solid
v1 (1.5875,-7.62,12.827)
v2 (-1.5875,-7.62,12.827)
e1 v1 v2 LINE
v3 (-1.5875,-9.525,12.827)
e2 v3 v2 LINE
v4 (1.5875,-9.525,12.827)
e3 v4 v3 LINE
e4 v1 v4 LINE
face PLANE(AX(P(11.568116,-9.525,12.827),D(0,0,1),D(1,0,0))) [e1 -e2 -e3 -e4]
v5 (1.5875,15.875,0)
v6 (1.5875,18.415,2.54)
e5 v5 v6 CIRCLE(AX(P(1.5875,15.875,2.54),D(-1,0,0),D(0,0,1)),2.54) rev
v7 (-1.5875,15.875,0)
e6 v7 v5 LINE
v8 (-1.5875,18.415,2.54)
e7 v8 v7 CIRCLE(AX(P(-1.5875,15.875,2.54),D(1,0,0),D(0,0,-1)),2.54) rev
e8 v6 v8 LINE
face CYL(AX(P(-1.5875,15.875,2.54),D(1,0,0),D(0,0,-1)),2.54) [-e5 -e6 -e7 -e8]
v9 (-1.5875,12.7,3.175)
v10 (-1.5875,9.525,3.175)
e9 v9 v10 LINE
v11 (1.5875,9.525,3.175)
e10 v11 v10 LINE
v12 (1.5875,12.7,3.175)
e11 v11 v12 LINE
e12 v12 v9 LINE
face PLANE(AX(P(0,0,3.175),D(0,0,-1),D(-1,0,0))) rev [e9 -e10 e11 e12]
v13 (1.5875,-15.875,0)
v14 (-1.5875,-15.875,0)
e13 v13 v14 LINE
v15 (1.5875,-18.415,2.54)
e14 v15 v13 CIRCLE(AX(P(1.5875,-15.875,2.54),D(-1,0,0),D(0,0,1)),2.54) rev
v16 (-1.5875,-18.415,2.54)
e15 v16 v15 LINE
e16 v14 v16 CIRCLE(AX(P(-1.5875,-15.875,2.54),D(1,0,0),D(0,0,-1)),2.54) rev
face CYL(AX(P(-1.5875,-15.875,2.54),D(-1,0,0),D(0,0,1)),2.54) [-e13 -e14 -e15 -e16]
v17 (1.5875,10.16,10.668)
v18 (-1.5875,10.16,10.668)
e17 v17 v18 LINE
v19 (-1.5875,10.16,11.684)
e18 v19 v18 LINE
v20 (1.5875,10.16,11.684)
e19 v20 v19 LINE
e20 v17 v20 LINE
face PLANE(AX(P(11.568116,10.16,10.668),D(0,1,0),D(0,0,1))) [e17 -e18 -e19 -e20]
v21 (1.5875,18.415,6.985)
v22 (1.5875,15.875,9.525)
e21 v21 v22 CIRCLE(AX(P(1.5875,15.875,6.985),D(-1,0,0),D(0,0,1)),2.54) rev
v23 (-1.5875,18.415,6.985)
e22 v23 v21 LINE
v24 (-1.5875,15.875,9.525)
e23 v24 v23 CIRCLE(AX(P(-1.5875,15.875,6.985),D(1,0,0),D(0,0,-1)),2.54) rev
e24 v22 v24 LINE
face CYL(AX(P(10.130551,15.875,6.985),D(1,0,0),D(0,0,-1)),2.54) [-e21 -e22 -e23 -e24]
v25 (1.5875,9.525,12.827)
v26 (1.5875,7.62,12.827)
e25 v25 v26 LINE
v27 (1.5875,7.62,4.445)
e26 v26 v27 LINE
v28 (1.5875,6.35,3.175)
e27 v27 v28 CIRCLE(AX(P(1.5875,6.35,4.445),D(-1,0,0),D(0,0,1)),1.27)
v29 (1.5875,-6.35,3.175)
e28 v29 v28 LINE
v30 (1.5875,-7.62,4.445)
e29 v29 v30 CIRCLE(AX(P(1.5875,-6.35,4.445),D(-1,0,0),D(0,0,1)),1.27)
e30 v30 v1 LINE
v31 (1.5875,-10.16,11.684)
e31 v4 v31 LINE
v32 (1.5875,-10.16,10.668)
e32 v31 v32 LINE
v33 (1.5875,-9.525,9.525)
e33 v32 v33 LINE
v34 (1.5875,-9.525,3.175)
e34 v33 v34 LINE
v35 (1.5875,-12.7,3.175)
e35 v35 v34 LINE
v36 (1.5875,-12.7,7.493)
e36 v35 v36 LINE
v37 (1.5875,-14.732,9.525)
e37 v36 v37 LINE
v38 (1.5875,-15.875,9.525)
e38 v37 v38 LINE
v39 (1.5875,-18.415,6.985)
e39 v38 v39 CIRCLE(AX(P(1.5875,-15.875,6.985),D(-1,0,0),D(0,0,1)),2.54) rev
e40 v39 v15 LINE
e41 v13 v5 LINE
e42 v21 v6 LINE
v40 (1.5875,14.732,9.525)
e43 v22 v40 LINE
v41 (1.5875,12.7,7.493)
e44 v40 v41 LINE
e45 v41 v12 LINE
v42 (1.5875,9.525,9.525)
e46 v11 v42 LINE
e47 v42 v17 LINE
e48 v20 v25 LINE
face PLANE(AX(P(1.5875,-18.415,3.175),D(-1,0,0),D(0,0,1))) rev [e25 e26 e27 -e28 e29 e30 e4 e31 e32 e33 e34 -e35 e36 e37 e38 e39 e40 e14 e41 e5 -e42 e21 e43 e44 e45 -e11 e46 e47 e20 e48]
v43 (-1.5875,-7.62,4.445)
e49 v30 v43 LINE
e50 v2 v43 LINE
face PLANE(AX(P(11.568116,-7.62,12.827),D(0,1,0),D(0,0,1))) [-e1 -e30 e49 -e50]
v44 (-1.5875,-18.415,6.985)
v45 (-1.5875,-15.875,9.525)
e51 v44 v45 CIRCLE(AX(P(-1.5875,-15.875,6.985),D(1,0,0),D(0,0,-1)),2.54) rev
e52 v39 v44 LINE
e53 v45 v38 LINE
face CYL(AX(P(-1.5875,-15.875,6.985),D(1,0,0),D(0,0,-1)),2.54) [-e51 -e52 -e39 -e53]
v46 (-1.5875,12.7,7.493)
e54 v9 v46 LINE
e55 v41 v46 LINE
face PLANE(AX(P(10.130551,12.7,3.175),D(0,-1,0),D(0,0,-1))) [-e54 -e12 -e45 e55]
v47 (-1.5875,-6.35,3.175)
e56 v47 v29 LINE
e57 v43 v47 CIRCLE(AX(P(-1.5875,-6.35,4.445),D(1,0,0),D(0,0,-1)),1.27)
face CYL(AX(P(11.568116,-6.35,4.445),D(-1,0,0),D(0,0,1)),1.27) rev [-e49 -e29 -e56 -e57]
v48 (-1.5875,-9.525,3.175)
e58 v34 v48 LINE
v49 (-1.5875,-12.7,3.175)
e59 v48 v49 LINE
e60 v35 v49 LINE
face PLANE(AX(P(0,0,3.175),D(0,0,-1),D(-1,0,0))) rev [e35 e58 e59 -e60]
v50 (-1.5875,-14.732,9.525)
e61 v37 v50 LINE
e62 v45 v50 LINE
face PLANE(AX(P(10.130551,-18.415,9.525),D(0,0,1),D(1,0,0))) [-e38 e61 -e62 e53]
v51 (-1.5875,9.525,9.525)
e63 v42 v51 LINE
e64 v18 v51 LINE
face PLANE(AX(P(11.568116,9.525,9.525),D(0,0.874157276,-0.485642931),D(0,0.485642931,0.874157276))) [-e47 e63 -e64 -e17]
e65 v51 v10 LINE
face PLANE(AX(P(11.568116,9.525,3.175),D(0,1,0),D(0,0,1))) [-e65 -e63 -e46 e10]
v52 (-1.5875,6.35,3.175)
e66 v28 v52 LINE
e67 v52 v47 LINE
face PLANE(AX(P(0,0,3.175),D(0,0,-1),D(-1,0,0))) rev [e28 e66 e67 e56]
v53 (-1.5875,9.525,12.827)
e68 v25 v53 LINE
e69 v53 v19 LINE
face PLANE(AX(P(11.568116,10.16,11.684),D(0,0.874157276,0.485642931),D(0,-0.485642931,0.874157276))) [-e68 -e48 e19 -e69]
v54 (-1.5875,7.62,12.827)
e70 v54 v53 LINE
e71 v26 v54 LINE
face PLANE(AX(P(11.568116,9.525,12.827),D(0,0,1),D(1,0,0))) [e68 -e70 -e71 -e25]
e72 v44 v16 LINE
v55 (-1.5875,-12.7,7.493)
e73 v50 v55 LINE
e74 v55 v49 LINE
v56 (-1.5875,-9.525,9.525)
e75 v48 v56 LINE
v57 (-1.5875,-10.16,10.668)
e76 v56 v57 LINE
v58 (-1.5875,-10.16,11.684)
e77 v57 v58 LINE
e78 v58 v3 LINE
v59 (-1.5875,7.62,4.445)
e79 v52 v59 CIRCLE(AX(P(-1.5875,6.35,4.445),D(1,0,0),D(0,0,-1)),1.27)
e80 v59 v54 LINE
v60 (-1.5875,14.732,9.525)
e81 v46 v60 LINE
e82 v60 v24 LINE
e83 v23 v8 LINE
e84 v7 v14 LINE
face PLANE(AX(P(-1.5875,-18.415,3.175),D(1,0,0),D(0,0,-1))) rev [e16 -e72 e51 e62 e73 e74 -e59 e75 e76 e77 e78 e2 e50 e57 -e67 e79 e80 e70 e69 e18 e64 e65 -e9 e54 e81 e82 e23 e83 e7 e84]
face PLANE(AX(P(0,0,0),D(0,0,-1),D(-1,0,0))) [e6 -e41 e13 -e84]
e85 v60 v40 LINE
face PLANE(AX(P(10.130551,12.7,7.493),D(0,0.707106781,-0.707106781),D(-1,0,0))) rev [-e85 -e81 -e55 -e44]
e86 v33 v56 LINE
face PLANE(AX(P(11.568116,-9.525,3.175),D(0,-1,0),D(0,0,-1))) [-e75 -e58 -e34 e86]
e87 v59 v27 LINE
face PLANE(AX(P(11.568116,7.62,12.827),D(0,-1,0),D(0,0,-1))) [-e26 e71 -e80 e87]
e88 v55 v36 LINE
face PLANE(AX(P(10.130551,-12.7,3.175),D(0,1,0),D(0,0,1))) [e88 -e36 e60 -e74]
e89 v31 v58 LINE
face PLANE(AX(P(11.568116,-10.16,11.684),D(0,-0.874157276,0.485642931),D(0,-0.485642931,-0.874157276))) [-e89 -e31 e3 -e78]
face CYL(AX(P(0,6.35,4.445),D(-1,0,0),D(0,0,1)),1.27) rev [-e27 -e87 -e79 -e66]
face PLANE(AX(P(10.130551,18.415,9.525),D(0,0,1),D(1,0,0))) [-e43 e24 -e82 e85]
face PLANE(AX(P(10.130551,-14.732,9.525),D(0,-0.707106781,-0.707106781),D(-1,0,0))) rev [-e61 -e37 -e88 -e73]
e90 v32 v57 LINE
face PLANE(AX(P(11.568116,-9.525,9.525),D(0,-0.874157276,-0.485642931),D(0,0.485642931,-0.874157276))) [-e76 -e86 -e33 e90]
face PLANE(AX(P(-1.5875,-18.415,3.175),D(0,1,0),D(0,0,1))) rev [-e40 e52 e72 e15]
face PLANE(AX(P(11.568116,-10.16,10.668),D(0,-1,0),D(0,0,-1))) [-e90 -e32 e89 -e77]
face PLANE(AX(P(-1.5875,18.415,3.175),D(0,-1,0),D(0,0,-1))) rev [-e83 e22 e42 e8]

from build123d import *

# Parameters (mm, degrees)
SKETCH1_W      = 3.175
SKETCH1_H      = 36.83
BASE_DEPTH     = 3.175
SKETCH3_W      = 6.35
SKETCH3_H      = 5.715
RETAINER_DEPTH = 3.175
TAB_DEPTH      = 3.175
FILLET1_R      = 1.27
FILLET2_R      = 2.54
CHAMFER1_SIZE  = 2.032


with BuildPart() as part:
    # Sketch1 → Base (new body)
    with BuildSketch(Plane.XY):
        Rectangle(SKETCH1_W, SKETCH1_H)
    extrude(amount=BASE_DEPTH)

    # Sketch3 → Retainer (add)
    with BuildSketch(Plane.ZY.offset(1.5875)):
        with Locations((6.35, 15.5575)):
            Rectangle(SKETCH3_W, SKETCH3_H)
        with Locations((6.35, -15.5575)):
            Rectangle(SKETCH3_W, SKETCH3_H)
    extrude(amount=-RETAINER_DEPTH)

    # Sketch5 → Tab (add)
    with BuildSketch(Plane.ZY.offset(1.5875)):
        Polygon((3.175, 9.525), (9.525, 9.525), (10.668, 10.16), (11.684, 10.16), (12.827, 9.525), (12.827, 7.62), (3.175, 7.62), align=None)
        Polygon((12.827, -7.62), (3.175, -7.62), (3.175, -9.525), (9.525, -9.525), (10.668, -10.16), (11.684, -10.16), (12.827, -9.525), align=None)
    extrude(amount=-TAB_DEPTH)

    # Fillet1
    fillet1_edges = [part.edges().sort_by_distance(p)[0] for p in [
        (0, 7.62, 3.175),
        (0, -7.62, 3.175),
    ]]
    fillet(fillet1_edges, radius=FILLET1_R)

    # Fillet2
    fillet2_edges = [part.edges().sort_by_distance(p)[0] for p in [
        (0, 18.415, 9.525),
        (0, -18.415, 9.525),
        (0, -18.415, 0),
        (0, 18.415, 0),
    ]]
    fillet(fillet2_edges, radius=FILLET2_R)

    # Chamfer1
    chamfer1_edges = [part.edges().sort_by_distance(p)[0] for p in [
        (0, 12.7, 9.525),
        (0, -12.7, 9.525),
    ]]
    chamfer(chamfer1_edges, length=CHAMFER1_SIZE)


solid = part.part
